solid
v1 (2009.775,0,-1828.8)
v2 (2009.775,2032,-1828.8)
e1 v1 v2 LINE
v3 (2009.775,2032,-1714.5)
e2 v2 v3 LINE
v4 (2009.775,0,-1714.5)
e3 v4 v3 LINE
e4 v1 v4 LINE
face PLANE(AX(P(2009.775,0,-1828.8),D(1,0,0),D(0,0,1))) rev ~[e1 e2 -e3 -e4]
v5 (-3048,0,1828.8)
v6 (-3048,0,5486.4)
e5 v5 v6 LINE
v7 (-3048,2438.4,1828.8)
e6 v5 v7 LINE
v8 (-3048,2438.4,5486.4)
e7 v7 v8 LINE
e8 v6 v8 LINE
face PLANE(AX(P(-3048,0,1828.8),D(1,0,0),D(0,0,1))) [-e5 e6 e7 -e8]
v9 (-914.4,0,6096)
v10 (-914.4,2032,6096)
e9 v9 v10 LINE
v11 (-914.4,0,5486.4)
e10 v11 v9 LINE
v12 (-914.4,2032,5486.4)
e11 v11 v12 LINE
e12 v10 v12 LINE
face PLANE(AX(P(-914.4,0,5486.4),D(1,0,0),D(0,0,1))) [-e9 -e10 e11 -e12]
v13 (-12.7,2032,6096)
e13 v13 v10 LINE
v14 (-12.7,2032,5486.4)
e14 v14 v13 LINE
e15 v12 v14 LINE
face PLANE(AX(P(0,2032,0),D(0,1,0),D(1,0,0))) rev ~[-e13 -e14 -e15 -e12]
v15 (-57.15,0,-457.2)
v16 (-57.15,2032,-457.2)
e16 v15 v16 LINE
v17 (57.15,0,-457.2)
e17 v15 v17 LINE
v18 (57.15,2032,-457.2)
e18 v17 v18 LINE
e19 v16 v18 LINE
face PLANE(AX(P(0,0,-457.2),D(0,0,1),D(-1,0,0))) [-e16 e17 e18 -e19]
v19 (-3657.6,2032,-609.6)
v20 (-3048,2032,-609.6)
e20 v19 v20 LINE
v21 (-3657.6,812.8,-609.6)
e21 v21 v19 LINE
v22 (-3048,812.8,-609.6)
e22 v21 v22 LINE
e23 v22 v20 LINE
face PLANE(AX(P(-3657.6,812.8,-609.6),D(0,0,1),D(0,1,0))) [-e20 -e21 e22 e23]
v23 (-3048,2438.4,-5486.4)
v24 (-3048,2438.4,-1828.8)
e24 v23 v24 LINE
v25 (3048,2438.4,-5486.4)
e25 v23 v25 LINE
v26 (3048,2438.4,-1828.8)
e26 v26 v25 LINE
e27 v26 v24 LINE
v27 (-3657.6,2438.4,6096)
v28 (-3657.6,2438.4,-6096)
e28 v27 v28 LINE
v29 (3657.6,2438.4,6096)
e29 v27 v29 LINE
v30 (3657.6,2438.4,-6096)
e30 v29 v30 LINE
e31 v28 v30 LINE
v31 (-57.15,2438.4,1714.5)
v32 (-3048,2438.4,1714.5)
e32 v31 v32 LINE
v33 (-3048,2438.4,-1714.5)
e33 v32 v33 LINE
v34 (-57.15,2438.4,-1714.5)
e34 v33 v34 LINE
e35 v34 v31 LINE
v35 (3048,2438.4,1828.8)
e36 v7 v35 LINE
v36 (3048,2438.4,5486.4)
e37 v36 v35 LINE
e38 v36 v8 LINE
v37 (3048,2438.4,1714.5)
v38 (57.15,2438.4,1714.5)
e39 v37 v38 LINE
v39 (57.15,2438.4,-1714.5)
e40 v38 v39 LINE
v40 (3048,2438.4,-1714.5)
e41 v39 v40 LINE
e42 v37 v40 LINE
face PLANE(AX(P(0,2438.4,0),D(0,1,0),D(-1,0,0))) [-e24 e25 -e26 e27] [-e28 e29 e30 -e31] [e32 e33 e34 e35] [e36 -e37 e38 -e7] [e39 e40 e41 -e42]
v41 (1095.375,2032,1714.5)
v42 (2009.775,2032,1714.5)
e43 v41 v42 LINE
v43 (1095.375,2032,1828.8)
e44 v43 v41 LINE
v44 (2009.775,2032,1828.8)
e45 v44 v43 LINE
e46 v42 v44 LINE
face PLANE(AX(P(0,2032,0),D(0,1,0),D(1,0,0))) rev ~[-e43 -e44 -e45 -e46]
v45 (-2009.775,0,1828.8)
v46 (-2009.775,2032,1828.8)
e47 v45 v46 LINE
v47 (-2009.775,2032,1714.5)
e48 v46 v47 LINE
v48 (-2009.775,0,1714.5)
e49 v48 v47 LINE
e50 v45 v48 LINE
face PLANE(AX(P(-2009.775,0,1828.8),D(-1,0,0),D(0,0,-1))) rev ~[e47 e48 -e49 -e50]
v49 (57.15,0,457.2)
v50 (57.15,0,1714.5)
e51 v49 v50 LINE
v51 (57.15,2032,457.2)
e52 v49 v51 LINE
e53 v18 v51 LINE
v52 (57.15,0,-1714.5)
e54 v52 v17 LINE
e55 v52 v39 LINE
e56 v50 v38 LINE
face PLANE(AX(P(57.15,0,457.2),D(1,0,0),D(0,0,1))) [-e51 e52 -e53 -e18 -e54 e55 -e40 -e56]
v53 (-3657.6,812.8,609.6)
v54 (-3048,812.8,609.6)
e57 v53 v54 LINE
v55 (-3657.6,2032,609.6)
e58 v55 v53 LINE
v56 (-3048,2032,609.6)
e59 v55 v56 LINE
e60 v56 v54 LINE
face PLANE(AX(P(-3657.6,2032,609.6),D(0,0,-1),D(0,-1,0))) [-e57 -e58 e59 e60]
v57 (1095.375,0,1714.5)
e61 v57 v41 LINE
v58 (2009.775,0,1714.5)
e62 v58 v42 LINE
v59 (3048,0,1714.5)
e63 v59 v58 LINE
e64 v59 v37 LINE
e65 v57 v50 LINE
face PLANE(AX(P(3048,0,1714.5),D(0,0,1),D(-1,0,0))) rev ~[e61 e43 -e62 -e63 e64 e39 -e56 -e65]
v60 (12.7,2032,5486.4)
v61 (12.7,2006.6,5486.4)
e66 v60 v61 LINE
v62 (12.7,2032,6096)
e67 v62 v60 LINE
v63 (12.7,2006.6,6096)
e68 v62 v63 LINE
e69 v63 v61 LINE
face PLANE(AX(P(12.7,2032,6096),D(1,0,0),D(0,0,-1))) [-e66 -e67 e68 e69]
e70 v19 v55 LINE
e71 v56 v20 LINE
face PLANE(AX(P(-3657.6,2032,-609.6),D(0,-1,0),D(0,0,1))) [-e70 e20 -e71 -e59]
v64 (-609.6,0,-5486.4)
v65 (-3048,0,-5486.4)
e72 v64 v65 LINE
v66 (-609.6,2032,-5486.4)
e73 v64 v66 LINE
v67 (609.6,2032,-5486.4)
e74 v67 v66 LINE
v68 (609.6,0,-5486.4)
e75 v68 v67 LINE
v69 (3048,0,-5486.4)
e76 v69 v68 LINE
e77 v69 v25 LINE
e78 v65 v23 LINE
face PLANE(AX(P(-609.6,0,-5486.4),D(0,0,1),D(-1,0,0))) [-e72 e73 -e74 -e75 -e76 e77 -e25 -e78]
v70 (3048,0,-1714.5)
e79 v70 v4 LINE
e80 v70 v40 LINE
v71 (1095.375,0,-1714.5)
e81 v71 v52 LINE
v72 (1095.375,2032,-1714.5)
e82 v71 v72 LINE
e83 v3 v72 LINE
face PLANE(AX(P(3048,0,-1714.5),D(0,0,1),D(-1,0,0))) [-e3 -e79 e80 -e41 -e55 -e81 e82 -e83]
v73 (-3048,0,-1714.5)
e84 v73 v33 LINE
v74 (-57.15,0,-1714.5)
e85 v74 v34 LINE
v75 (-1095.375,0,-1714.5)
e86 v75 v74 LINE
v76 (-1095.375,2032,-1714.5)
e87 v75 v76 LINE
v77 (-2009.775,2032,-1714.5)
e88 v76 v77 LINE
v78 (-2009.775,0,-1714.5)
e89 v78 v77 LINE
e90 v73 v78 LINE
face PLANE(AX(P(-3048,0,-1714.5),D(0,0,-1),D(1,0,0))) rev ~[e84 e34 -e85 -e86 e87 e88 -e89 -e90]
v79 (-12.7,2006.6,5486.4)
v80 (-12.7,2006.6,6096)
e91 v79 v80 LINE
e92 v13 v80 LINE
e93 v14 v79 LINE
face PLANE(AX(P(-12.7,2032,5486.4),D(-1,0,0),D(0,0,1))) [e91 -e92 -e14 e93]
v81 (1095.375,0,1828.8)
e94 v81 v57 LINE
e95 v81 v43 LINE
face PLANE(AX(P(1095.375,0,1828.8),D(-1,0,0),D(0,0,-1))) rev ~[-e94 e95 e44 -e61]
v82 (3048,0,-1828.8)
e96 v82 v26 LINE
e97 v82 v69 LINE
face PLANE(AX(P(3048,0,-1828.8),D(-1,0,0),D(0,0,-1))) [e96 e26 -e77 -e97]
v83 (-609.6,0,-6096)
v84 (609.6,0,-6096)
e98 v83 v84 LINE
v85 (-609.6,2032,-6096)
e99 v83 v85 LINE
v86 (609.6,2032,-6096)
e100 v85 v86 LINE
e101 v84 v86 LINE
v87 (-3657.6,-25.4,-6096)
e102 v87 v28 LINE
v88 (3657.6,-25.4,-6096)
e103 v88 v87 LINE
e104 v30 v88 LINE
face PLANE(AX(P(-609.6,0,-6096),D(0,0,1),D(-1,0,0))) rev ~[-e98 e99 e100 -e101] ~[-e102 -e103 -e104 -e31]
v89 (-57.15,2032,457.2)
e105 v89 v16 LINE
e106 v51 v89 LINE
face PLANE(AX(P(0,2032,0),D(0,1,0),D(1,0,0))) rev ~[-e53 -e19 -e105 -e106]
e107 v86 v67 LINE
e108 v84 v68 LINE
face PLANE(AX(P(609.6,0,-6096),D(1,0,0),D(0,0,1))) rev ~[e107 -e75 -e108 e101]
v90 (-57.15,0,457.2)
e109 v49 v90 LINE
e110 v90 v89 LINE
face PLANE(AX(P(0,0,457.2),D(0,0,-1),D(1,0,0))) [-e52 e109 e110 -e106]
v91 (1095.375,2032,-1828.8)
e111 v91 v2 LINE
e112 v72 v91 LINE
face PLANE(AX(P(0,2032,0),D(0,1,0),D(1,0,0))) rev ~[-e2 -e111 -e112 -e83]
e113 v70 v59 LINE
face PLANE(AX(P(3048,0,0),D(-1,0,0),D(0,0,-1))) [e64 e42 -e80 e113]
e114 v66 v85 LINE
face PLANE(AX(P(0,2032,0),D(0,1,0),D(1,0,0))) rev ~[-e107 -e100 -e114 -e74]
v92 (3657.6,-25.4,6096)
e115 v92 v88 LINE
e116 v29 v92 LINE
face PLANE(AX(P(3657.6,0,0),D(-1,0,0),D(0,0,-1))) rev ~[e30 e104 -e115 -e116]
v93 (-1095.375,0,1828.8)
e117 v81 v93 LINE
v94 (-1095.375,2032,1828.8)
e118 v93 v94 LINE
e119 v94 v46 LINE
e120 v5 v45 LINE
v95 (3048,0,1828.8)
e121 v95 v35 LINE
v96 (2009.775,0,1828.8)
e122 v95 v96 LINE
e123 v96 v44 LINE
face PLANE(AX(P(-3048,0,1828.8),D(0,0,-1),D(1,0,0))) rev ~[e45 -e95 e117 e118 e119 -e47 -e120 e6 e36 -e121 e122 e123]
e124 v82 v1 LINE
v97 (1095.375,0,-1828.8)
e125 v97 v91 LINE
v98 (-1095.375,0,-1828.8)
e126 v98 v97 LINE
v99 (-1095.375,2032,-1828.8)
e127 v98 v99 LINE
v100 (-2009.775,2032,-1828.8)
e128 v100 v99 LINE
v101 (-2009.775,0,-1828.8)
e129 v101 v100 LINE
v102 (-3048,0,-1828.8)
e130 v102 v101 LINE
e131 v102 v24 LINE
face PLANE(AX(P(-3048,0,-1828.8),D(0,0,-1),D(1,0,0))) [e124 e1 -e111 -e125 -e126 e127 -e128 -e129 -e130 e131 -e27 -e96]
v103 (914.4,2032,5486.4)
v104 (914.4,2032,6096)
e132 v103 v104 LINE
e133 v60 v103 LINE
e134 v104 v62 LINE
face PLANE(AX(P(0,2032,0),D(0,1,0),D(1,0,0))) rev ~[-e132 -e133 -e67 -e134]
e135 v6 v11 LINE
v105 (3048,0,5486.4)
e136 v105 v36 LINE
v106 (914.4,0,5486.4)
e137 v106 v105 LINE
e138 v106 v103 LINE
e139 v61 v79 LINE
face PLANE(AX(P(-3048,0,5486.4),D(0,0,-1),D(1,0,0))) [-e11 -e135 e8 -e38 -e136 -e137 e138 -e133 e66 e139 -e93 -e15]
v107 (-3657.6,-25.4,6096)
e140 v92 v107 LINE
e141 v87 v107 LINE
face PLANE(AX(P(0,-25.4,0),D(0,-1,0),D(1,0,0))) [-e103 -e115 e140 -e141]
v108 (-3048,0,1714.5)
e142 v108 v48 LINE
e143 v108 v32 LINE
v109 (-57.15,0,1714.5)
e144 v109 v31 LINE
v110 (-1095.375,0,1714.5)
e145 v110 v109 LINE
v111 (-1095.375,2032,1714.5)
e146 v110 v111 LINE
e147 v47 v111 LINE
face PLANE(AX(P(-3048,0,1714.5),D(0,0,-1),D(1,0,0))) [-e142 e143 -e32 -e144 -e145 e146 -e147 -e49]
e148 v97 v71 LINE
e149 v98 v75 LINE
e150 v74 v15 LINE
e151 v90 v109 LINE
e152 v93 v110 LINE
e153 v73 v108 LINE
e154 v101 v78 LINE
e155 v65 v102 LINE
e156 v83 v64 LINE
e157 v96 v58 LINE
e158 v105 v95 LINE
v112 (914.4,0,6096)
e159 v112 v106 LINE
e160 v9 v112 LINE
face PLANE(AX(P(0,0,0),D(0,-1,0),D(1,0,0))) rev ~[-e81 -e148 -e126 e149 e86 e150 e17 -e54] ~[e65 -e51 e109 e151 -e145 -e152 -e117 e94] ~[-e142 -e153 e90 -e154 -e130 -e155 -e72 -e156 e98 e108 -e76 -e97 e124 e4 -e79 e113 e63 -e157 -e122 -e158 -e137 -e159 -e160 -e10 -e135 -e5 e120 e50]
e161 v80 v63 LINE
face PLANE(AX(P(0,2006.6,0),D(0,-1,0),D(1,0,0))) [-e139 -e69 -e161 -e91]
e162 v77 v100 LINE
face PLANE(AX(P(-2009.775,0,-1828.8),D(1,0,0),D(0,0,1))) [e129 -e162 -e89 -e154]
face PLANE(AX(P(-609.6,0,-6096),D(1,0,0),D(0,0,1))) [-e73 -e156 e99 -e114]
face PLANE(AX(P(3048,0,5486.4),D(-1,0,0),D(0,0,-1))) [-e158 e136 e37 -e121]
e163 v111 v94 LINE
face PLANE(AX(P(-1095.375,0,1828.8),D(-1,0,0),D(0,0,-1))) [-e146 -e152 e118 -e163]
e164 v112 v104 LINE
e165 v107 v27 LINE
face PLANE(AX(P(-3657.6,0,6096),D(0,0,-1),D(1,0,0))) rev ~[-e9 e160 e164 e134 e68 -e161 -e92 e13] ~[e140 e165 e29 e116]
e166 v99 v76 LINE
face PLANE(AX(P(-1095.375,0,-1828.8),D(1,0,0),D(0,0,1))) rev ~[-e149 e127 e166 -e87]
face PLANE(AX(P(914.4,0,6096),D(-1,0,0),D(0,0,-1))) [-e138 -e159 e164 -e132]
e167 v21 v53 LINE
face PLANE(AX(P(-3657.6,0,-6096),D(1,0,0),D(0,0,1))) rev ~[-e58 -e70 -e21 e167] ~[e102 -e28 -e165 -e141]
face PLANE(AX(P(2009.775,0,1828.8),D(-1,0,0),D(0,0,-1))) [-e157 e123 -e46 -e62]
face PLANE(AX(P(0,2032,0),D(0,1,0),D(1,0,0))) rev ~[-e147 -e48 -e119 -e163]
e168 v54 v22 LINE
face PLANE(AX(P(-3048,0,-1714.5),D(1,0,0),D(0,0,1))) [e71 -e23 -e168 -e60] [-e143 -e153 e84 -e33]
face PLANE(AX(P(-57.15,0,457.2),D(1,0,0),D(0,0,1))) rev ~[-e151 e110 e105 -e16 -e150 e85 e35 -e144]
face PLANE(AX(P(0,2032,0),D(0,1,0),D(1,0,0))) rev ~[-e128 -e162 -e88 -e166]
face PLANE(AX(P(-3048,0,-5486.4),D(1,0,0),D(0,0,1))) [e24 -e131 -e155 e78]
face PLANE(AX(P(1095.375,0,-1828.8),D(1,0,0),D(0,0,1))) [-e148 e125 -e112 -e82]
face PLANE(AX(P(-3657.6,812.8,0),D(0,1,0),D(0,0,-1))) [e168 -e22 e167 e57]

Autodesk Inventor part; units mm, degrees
ref_plane "YZ Plane" through (0, 0, 0) normal (1, 0, 0) x (0, 1, 0)
ref_plane "XZ Plane" through (0, 0, 0) normal (0, 1, 0) x (-1, 0, 0)
ref_plane "XY Plane" through (0, 0, 0) normal (0, 0, 1) x (1, 0, 0)
sketch "Sketch1" plane through (0, 0, 0) normal (0, 1, 0) x (-1, 0, 0)
  line L0 (3657.6, -6096) -> (3657.6, 6096)
  line L1 (-3657.6, 6096) -> (-3657.6, -6096)
  line L2 (-5120.64, 0) -> (5120.64, 0) projected
  line L3 (0, -16303.5007) -> (0, 17151.3473) projected
  line L4 (-3048, 1714.5) -> (-3048, -1714.5)
  line L5 (3048, -5486.4) -> (3048, -1828.8)
  line L6 (3048, -1714.5) -> (3048, 1714.5)
  line L7 (3048, 1828.8) -> (3048, 5486.4)
  line L8 (-3048, -1828.8) -> (-3048, -5486.4)
  line L9 (-3048, 5486.4) -> (-3048, 1828.8)
  line L10 (-3048, 1714.5) -> (-3048, -1714.5)
  line L11 (-2009.775, -1828.8) -> (-2009.775, -1714.5)
  line L12 (-1095.375, -1828.8) -> (-1095.375, -1714.5)
  line L13 (-3048, -1714.5) -> (-2009.775, -1714.5)
  line L14 (-1095.375, -1714.5) -> (-57.15, -1714.5)
  line L15 (-3048, -1828.8) -> (-2009.775, -1828.8)
  line L16 (2009.775, -1828.8) -> (2009.775, -1714.5)
  line L17 (1095.375, -1828.8) -> (1095.375, -1714.5)
  line L18 (3048, -1714.5) -> (2009.775, -1714.5)
  line L19 (1095.375, -1714.5) -> (57.15, -1714.5)
  line L20 (3048, -1828.8) -> (2009.775, -1828.8)
  line L21 (1095.375, -1828.8) -> (-1095.375, -1828.8)
  line L22 (-2009.775, -1828.8) -> (-3048, -1828.8)
  line L23 (-1095.375, -1828.8) -> (1095.375, -1828.8)
  line L24 (2009.775, -1828.8) -> (3048, -1828.8)
  line L25 (57.15, -1714.5) -> (1095.375, -1714.5)
  line L26 (2009.775, -1714.5) -> (3048, -1714.5)
  line L27 (-2009.775, 1828.8) -> (-2009.775, 1714.5)
  line L28 (-1095.375, 1828.8) -> (-1095.375, 1714.5)
  line L29 (-3048, 1714.5) -> (-2009.775, 1714.5)
  line L30 (-1095.375, 1714.5) -> (-57.15, 1714.5)
  line L31 (-3048, 1828.8) -> (-2009.775, 1828.8)
  line L32 (3048, 1714.5) -> (2009.775, 1714.5)
  line L33 (3048, 1828.8) -> (2009.775, 1828.8)
  line L34 (2009.775, 1828.8) -> (2009.775, 1714.5)
  line L35 (1095.375, 1828.8) -> (1095.375, 1714.5)
  line L36 (1095.375, 1714.5) -> (57.15, 1714.5)
  line L37 (1095.375, 1828.8) -> (-1095.375, 1828.8)
  line L38 (-2009.775, 1828.8) -> (-3048, 1828.8)
  line L39 (-1095.375, 1828.8) -> (1095.375, 1828.8)
  line L40 (2009.775, 1828.8) -> (3048, 1828.8)
  line L41 (57.15, 1714.5) -> (1095.375, 1714.5)
  line L42 (2009.775, 1714.5) -> (3048, 1714.5)
  line L43 (-57.15, -457.2) -> (57.15, -457.2)
  line L44 (57.15, 457.2) -> (-57.15, 457.2)
  line L45 (-609.6, -6096) -> (-609.6, -5486.4)
  line L46 (609.6, -6096) -> (609.6, -5486.4)
  line L47 (-3048, -5486.4) -> (-609.6, -5486.4)
  line L48 (609.6, -5486.4) -> (3048, -5486.4)
  line L49 (-3657.6, -6096) -> (-609.6, -6096)
  line L50 (609.6, -6096) -> (3657.6, -6096)
  line L51 (914.4, 5486.4) -> (914.4, 6096)
  line L52 (-914.4, 6096) -> (-914.4, 5486.4)
  line L53 (3048, 5486.4) -> (914.4, 5486.4)
  line L54 (-914.4, 5486.4) -> (-3048, 5486.4)
  line L55 (3657.6, 6096) -> (914.4, 6096)
  line L56 (-914.4, 6096) -> (-3657.6, 6096)
  line L57 (-57.15, -1714.5) -> (-57.15, -457.2)
  line L58 (-57.15, 457.2) -> (-57.15, 1714.5)
  line L59 (-57.15, 1714.5) -> (-57.15, 457.2)
  line L60 (-57.15, -457.2) -> (-57.15, -1714.5)
  line L61 (57.15, -1714.5) -> (57.15, -457.2)
  line L62 (57.15, 457.2) -> (57.15, 1714.5)
  line L63 (57.15, 1714.5) -> (57.15, 457.2)
  line L64 (57.15, -457.2) -> (57.15, -1714.5)
  line L65 (-3048, 5486.4) -> (-3048, 1828.8)
  line L66 (-3048, 1828.8) -> (-2009.775, 1828.8)
  line L67 (-2009.775, 1828.8) -> (-2009.775, 1714.5)
  line L68 (-2009.775, 1714.5) -> (-3048, 1714.5)
  line L69 (-3048, 1714.5) -> (-3048, -1714.5)
  line L70 (-3048, -1714.5) -> (-2009.775, -1714.5)
  line L71 (-2009.775, -1714.5) -> (-2009.775, -1828.8)
  line L72 (-2009.775, -1828.8) -> (-3048, -1828.8)
  line L73 (-3048, -1828.8) -> (-3048, -5486.4)
  line L74 (-3048, -5486.4) -> (-609.6, -5486.4)
  line L75 (609.6, -5486.4) -> (3048, -5486.4)
  line L76 (3048, -5486.4) -> (3048, -1828.8)
  line L77 (3048, -1828.8) -> (2009.775, -1828.8)
  line L78 (2009.775, -1828.8) -> (2009.775, -1714.5)
  line L79 (2009.775, -1714.5) -> (3048, -1714.5)
  line L80 (3048, 1714.5) -> (3048, -1714.5)
  line L81 (3048, 1714.5) -> (2009.775, 1714.5)
  line L82 (2009.775, 1714.5) -> (2009.775, 1828.8)
  line L83 (2009.775, 1828.8) -> (3048, 1828.8)
  line L84 (3048, 1828.8) -> (3048, 5486.4)
  point P0 (0, 0)
  point P1 (0, 16303.5007)
  point P2 (0, -17151.3473)
  dimension "d2" = 7315.2
  dimension "d10" = 609.6
  dimension "d13" = 1038.225
  dimension "d14" = 914.4
  dimension "d17" = 114.3
  dimension "d18" = 1038.225
  dimension "d19" = 1038.225
  dimension "d20" = 914.4
  dimension "d21" = 1219.2
  dimension "d23" = 609.6
  dimension "d24" = 4267.2
  dimension "d25" = 1828.8
  dimension "d26" = 12192
  dimension "d27" = 609.6
  dimension "d28" = 114.3
extrude "Extrusion1" add sketch "Sketch1" along normal blind 2438.4
sketch "Sketch2" plane through (-3657.6, 0, -6096) normal (-1, 0, 0) x (0, 0, 1)
  line L0 (0, 0) -> (12192, 0) projected
  line L1 (5486.4, 2032) -> (6705.6, 2032)
  line L2 (6705.6, 2032) -> (6705.6, 812.8)
  line L3 (6705.6, 812.8) -> (5486.4, 812.8)
  line L4 (5486.4, 812.8) -> (5486.4, 2032)
  line L5 (6096, 2926.08) -> (6096, -487.68) projected
  point P0 (6096, 0)
  dimension "d31" = 1219.2
  dimension "d33" = 1219.2
  dimension "d34" = 812.8
extrude "Extrusion2" cut sketch "Sketch2" against normal up to surface (609.6 mm away)
sketch "Sketch3" plane through (0, 2438.4, 0) normal (0, 1, 0) x (1, 0, 0)
  line L0 (57.15, 1714.5) -> (1095.375, 1714.5) projected
  line L1 (1095.375, 1714.5) -> (1095.375, 1828.8) projected
  line L2 (1095.375, 1828.8) -> (-1095.375, 1828.8) projected
  line L3 (-1095.375, 1828.8) -> (-1095.375, 1714.5) projected
  line L4 (-1095.375, 1714.5) -> (-57.15, 1714.5) projected
  line L5 (-57.15, 1714.5) -> (-57.15, 457.2) projected
  line L6 (-57.15, 457.2) -> (57.15, 457.2) projected
  line L7 (57.15, 457.2) -> (57.15, 1714.5) projected
  line L8 (-57.15, -1714.5) -> (-1095.375, -1714.5) projected
  line L9 (-1095.375, -1714.5) -> (-1095.375, -1828.8) projected
  line L10 (-1095.375, -1828.8) -> (1095.375, -1828.8) projected
  line L11 (1095.375, -1828.8) -> (1095.375, -1714.5) projected
  line L12 (1095.375, -1714.5) -> (57.15, -1714.5) projected
  line L13 (57.15, -1714.5) -> (57.15, -457.2) projected
  line L14 (57.15, -457.2) -> (-57.15, -457.2) projected
  line L15 (-57.15, -457.2) -> (-57.15, -1714.5) projected
  line L16 (3657.6, 6096) -> (609.6, 6096) projected
  line L17 (609.6, 6096) -> (609.6, 5486.4) projected
  line L18 (609.6, 5486.4) -> (3048, 5486.4) projected
  line L19 (3048, 5486.4) -> (3048, 1828.8) projected
  line L20 (3048, 1828.8) -> (2009.775, 1828.8) projected
  line L21 (2009.775, 1828.8) -> (2009.775, 1714.5) projected
  line L22 (2009.775, 1714.5) -> (3048, 1714.5) projected
  line L23 (3048, 1714.5) -> (3048, -1714.5) projected
  line L24 (3048, -1714.5) -> (2009.775, -1714.5) projected
  line L25 (2009.775, -1714.5) -> (2009.775, -1828.8) projected
  line L26 (2009.775, -1828.8) -> (3048, -1828.8) projected
  line L27 (3048, -1828.8) -> (3048, -5486.4) projected
  line L28 (3048, -5486.4) -> (914.4, -5486.4) projected
  line L29 (914.4, -5486.4) -> (914.4, -6096) projected
  line L30 (914.4, -6096) -> (3657.6, -6096) projected
  line L31 (3657.6, -6096) -> (3657.6, 6096) projected
  line L32 (-609.6, 6096) -> (609.6, 6096)
  line L33 (609.6, 6096) -> (609.6, 5486.4)
  line L34 (609.6, 5486.4) -> (-609.6, 5486.4)
  line L35 (-609.6, 5486.4) -> (-609.6, 6096)
  line L36 (-2009.775, 1828.8) -> (-1095.375, 1828.8)
  line L37 (-1095.375, 1828.8) -> (-1095.375, 1714.5)
  line L38 (-1095.375, 1714.5) -> (-2009.775, 1714.5)
  line L39 (-2009.775, 1714.5) -> (-2009.775, 1828.8)
  line L40 (1095.375, 1828.8) -> (2009.775, 1828.8)
  line L41 (2009.775, 1828.8) -> (2009.775, 1714.5)
  line L42 (2009.775, 1714.5) -> (1095.375, 1714.5)
  line L43 (1095.375, 1714.5) -> (1095.375, 1828.8)
  line L44 (-57.15, 457.2) -> (57.15, 457.2)
  line L45 (57.15, 457.2) -> (57.15, -457.2)
  line L46 (57.15, -457.2) -> (-57.15, -457.2)
  line L47 (-57.15, -457.2) -> (-57.15, 457.2)
  line L48 (1095.375, -1714.5) -> (2009.775, -1714.5)
  line L49 (2009.775, -1714.5) -> (2009.775, -1828.8)
  line L50 (2009.775, -1828.8) -> (1095.375, -1828.8)
  line L51 (1095.375, -1828.8) -> (1095.375, -1714.5)
  line L52 (-2009.775, -1714.5) -> (-1095.375, -1714.5)
  line L53 (-1095.375, -1714.5) -> (-1095.375, -1828.8)
  line L54 (-1095.375, -1828.8) -> (-2009.775, -1828.8)
  line L55 (-2009.775, -1828.8) -> (-2009.775, -1714.5)
  line L56 (-914.4, -5486.4) -> (914.4, -5486.4)
  line L57 (914.4, -5486.4) -> (914.4, -6096)
  line L58 (914.4, -6096) -> (-914.4, -6096)
  line L59 (-914.4, -6096) -> (-914.4, -5486.4)
  line L60 (1095.375, 1828.8) -> (2009.775, 1828.8)
  line L61 (2009.775, 1828.8) -> (2009.775, 1714.5)
  line L62 (2009.775, 1714.5) -> (1095.375, 1714.5)
  line L63 (1095.375, 1714.5) -> (1095.375, 1828.8)
  point P0 (0, 0)
extrude "Extrusion3" add sketch "Sketch3" against normal blind 406.4 contours L1 L40 L21 L42 | L45 L14 L47 L6 | L3 L38 L39 L36 | L48 L25 L50 L11 | L9 L54 L55 L52 | L34 L35 L32 L17 | L29 L58 L59 L56
sketch "Sketch4" plane through (0, 2032, 0) normal (0, -1, 0) x (1, 0, 0)
  line L0 (914.4, 6096) -> (-914.4, 6096) projected
  line L1 (-914.4, 5486.4) -> (914.4, 5486.4) projected
  line L2 (0, 8534.4) -> (0, -8534.4) projected
  line L3 (-12.7, 6096) -> (12.7, 6096)
  line L4 (12.7, 6096) -> (12.7, 5486.4)
  line L5 (12.7, 5486.4) -> (-12.7, 5486.4)
  line L6 (-12.7, 5486.4) -> (-12.7, 6096)
  point P0 (0, 0)
  dimension "d39" = 25.4
extrude "Extrusion4" add sketch "Sketch4" along normal blind 25.4
sketch "Sketch5" plane through (0, 0, 0) normal (0, -1, 0) x (1, 0, 0)
  line L0 (3657.6, -6096) -> (609.6, -6096) projected
  line L1 (3657.6, 6096) -> (3657.6, -6096) projected
  line L2 (914.4, 6096) -> (3657.6, 6096) projected
  line L3 (914.4, 5486.4) -> (914.4, 6096) projected
  line L4 (3048, 5486.4) -> (914.4, 5486.4) projected
  line L5 (3048, 1828.8) -> (3048, 5486.4) projected
  line L6 (2009.775, 1828.8) -> (3048, 1828.8) projected
  line L7 (2009.775, 1714.5) -> (2009.775, 1828.8) projected
  line L8 (3048, 1714.5) -> (2009.775, 1714.5) projected
  line L9 (3048, -1714.5) -> (3048, 1714.5) projected
  line L10 (2009.775, -1714.5) -> (3048, -1714.5) projected
  line L11 (2009.775, -1828.8) -> (2009.775, -1714.5) projected
  line L12 (3048, -1828.8) -> (2009.775, -1828.8) projected
  line L13 (3048, -5486.4) -> (3048, -1828.8) projected
  line L14 (609.6, -5486.4) -> (3048, -5486.4) projected
  line L15 (609.6, -6096) -> (609.6, -5486.4) projected
  line L16 (-3657.6, 6096) -> (3657.6, 6096)
  line L17 (3657.6, 6096) -> (3657.6, -6096)
  line L18 (3657.6, -6096) -> (-3657.6, -6096)
  line L19 (-3657.6, -6096) -> (-3657.6, 6096)
  point P0 (0, 0)
extrude "Extrusion5" add sketch "Sketch5" along normal blind 25.4
properties part number "East_Structure"
